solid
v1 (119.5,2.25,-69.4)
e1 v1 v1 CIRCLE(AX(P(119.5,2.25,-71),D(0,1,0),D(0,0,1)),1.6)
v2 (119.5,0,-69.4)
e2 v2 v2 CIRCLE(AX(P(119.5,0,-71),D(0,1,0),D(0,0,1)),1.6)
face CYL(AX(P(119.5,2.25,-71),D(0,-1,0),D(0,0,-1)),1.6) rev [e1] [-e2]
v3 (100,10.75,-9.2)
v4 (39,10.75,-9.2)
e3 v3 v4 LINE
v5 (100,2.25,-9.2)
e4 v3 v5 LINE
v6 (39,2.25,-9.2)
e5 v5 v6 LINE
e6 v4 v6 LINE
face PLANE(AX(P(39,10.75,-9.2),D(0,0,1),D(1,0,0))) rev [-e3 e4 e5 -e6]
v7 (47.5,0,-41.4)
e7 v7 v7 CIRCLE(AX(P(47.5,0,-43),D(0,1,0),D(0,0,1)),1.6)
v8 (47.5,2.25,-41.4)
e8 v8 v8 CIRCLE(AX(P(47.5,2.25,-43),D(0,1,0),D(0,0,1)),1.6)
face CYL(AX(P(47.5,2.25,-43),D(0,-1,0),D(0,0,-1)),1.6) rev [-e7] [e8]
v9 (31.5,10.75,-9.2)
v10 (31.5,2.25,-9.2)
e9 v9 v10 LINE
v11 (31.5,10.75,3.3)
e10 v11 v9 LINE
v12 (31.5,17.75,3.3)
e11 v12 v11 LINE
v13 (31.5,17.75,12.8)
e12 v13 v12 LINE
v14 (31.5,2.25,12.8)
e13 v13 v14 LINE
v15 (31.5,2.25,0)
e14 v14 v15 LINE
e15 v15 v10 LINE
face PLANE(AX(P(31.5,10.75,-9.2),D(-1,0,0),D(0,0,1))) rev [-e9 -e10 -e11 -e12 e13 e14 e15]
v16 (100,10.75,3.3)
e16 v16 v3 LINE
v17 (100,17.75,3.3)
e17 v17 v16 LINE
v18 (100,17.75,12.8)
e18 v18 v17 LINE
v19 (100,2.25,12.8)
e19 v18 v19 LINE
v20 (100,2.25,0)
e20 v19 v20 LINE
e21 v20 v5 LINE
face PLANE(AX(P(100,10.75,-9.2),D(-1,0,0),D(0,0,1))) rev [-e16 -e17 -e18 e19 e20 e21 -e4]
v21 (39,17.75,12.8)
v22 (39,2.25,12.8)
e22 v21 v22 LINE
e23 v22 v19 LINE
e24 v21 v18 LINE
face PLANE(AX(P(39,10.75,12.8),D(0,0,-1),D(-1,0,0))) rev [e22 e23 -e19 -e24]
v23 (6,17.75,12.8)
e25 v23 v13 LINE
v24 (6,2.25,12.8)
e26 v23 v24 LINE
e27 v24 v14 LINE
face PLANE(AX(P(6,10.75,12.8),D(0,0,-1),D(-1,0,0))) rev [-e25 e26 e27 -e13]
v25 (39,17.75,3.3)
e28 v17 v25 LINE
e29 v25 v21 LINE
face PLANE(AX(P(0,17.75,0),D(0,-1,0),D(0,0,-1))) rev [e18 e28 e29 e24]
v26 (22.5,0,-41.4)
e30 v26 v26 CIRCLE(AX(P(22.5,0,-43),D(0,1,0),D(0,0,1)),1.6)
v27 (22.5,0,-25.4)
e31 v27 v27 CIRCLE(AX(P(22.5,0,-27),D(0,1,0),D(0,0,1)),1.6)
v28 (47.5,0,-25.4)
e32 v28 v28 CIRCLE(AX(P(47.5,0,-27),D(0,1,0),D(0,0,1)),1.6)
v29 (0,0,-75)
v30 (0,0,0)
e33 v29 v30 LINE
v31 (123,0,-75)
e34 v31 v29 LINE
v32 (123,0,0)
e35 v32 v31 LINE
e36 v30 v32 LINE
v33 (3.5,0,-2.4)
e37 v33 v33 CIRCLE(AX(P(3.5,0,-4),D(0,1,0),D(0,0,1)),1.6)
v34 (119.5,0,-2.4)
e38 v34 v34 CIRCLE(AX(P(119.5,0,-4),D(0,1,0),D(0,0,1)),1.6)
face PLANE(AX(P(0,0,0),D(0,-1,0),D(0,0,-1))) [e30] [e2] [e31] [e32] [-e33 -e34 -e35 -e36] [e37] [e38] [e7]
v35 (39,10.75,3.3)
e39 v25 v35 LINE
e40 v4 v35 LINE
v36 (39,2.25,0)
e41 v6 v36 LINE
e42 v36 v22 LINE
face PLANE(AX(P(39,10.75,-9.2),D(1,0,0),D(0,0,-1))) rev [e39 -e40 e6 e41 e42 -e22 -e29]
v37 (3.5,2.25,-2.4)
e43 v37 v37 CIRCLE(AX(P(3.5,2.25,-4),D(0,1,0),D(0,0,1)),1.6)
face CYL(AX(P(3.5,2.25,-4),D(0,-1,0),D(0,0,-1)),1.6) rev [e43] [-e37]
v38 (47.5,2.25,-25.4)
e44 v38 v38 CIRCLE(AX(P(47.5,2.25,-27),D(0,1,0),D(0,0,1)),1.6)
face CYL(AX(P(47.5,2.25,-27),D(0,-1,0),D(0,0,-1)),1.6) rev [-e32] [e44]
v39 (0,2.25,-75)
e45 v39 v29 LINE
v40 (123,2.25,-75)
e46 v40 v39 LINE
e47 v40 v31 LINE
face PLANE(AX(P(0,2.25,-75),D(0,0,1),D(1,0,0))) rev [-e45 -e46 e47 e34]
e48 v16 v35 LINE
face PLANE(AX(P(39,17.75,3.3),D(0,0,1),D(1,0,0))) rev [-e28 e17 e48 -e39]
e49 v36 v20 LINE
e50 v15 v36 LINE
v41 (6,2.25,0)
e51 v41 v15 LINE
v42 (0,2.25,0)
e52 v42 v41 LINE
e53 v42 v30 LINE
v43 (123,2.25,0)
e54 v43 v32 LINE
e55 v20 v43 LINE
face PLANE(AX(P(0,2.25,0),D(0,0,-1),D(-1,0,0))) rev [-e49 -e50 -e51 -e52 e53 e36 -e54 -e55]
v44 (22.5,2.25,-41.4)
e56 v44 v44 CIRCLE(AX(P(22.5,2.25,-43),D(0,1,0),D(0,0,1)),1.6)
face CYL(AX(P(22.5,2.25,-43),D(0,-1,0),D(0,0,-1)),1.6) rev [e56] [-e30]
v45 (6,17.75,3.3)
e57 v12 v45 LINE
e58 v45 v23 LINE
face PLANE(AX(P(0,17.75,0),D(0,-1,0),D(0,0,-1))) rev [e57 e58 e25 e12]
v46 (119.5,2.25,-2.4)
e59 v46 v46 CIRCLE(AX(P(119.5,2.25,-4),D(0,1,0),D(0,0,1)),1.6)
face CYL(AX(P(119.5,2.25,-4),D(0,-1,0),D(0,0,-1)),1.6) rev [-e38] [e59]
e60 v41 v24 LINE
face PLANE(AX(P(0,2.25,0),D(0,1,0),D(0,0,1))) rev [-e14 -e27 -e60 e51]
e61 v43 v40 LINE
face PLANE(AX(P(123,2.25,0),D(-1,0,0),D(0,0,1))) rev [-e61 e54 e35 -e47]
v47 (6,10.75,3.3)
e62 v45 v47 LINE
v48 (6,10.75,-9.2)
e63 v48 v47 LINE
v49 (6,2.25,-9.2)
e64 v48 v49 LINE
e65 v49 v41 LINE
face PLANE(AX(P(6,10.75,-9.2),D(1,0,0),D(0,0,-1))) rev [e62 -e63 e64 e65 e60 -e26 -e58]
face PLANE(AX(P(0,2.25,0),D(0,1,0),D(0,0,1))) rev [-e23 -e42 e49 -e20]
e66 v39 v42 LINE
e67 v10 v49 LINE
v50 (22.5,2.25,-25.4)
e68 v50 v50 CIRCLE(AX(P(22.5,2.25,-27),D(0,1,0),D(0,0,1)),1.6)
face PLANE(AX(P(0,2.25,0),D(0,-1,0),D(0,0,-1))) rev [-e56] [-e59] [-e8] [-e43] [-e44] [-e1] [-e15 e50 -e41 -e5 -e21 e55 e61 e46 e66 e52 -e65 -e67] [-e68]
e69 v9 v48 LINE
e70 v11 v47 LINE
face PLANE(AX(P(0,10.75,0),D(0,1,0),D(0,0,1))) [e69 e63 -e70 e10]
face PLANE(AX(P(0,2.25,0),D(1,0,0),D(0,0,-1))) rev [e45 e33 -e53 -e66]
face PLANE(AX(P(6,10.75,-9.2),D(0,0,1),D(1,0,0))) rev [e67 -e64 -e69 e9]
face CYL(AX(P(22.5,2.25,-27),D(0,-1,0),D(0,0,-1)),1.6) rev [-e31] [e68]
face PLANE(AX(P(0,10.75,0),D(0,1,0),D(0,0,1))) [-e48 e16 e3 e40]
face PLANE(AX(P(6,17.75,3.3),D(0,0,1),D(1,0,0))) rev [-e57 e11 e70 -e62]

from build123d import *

# Parameters (mm, degrees)
SKETCH1_W           = 123
SKETCH1_H           = 75
SKETCH1_R           = 1.6
BOSS_EXTRUDE1_DEPTH = 2.25
SKETCH2_W           = 25.5
SKETCH2_H           = 22
SKETCH2_W_2         = 61
BOSS_EXTRUDE2_DEPTH = 8.5
SKETCH3_W           = 25.5
SKETCH3_H           = 9.5
SKETCH3_W_2         = 61
BOSS_EXTRUDE3_DEPTH = 7


with BuildPart() as part:
    # Sketch1 → Boss-Extrude1 (new body)
    with BuildSketch(Plane(origin=(0, 0, 0), x_dir=(1, 0, 0), z_dir=(0, 1, 0))):
        with Locations((61.5, 37.5)):
            Rectangle(SKETCH1_W, SKETCH1_H)
        with Locations(Location((119.5, 71, 0), (0, 0, 270))):
            Circle(SKETCH1_R, mode=Mode.SUBTRACT)
        with Locations(Location((119.5, 4, 0), (0, 0, 270))):
            Circle(SKETCH1_R, mode=Mode.SUBTRACT)
        with Locations(Location((3.5, 4, 0), (0, 0, 270))):
            Circle(SKETCH1_R, mode=Mode.SUBTRACT)
        with Locations(Location((22.5, 43, 0), (0, 0, 270))):
            Circle(SKETCH1_R, mode=Mode.SUBTRACT)
        with Locations(Location((47.5, 43, 0), (0, 0, 270))):
            Circle(SKETCH1_R, mode=Mode.SUBTRACT)
        with Locations(Location((22.5, 27, 0), (0, 0, 270))):
            Circle(SKETCH1_R, mode=Mode.SUBTRACT)
        with Locations(Location((47.5, 27, 0), (0, 0, 270))):
            Circle(SKETCH1_R, mode=Mode.SUBTRACT)
    extrude(amount=BOSS_EXTRUDE1_DEPTH)

    # Sketch2 → Boss-Extrude2 (add)
    with BuildSketch(Plane(origin=(0, 2.25, 0), x_dir=(1, 0, 0), z_dir=(0, 1, 0))):
        with Locations((18.75, -1.8)):
            Rectangle(SKETCH2_W, SKETCH2_H)
        with Locations((69.5, -1.8)):
            Rectangle(SKETCH2_W_2, SKETCH2_H)
    extrude(amount=BOSS_EXTRUDE2_DEPTH)

    # Sketch3 → Boss-Extrude3 (add)
    with BuildSketch(Plane(origin=(0, 10.75, 0), x_dir=(1, 0, 0), z_dir=(0, 1, 0))):
        with Locations((18.75, -8.05)):
            Rectangle(SKETCH3_W, SKETCH3_H)
        with Locations((69.5, -8.05)):
            Rectangle(SKETCH3_W_2, SKETCH3_H)
    extrude(amount=BOSS_EXTRUDE3_DEPTH)


solid = part.part
